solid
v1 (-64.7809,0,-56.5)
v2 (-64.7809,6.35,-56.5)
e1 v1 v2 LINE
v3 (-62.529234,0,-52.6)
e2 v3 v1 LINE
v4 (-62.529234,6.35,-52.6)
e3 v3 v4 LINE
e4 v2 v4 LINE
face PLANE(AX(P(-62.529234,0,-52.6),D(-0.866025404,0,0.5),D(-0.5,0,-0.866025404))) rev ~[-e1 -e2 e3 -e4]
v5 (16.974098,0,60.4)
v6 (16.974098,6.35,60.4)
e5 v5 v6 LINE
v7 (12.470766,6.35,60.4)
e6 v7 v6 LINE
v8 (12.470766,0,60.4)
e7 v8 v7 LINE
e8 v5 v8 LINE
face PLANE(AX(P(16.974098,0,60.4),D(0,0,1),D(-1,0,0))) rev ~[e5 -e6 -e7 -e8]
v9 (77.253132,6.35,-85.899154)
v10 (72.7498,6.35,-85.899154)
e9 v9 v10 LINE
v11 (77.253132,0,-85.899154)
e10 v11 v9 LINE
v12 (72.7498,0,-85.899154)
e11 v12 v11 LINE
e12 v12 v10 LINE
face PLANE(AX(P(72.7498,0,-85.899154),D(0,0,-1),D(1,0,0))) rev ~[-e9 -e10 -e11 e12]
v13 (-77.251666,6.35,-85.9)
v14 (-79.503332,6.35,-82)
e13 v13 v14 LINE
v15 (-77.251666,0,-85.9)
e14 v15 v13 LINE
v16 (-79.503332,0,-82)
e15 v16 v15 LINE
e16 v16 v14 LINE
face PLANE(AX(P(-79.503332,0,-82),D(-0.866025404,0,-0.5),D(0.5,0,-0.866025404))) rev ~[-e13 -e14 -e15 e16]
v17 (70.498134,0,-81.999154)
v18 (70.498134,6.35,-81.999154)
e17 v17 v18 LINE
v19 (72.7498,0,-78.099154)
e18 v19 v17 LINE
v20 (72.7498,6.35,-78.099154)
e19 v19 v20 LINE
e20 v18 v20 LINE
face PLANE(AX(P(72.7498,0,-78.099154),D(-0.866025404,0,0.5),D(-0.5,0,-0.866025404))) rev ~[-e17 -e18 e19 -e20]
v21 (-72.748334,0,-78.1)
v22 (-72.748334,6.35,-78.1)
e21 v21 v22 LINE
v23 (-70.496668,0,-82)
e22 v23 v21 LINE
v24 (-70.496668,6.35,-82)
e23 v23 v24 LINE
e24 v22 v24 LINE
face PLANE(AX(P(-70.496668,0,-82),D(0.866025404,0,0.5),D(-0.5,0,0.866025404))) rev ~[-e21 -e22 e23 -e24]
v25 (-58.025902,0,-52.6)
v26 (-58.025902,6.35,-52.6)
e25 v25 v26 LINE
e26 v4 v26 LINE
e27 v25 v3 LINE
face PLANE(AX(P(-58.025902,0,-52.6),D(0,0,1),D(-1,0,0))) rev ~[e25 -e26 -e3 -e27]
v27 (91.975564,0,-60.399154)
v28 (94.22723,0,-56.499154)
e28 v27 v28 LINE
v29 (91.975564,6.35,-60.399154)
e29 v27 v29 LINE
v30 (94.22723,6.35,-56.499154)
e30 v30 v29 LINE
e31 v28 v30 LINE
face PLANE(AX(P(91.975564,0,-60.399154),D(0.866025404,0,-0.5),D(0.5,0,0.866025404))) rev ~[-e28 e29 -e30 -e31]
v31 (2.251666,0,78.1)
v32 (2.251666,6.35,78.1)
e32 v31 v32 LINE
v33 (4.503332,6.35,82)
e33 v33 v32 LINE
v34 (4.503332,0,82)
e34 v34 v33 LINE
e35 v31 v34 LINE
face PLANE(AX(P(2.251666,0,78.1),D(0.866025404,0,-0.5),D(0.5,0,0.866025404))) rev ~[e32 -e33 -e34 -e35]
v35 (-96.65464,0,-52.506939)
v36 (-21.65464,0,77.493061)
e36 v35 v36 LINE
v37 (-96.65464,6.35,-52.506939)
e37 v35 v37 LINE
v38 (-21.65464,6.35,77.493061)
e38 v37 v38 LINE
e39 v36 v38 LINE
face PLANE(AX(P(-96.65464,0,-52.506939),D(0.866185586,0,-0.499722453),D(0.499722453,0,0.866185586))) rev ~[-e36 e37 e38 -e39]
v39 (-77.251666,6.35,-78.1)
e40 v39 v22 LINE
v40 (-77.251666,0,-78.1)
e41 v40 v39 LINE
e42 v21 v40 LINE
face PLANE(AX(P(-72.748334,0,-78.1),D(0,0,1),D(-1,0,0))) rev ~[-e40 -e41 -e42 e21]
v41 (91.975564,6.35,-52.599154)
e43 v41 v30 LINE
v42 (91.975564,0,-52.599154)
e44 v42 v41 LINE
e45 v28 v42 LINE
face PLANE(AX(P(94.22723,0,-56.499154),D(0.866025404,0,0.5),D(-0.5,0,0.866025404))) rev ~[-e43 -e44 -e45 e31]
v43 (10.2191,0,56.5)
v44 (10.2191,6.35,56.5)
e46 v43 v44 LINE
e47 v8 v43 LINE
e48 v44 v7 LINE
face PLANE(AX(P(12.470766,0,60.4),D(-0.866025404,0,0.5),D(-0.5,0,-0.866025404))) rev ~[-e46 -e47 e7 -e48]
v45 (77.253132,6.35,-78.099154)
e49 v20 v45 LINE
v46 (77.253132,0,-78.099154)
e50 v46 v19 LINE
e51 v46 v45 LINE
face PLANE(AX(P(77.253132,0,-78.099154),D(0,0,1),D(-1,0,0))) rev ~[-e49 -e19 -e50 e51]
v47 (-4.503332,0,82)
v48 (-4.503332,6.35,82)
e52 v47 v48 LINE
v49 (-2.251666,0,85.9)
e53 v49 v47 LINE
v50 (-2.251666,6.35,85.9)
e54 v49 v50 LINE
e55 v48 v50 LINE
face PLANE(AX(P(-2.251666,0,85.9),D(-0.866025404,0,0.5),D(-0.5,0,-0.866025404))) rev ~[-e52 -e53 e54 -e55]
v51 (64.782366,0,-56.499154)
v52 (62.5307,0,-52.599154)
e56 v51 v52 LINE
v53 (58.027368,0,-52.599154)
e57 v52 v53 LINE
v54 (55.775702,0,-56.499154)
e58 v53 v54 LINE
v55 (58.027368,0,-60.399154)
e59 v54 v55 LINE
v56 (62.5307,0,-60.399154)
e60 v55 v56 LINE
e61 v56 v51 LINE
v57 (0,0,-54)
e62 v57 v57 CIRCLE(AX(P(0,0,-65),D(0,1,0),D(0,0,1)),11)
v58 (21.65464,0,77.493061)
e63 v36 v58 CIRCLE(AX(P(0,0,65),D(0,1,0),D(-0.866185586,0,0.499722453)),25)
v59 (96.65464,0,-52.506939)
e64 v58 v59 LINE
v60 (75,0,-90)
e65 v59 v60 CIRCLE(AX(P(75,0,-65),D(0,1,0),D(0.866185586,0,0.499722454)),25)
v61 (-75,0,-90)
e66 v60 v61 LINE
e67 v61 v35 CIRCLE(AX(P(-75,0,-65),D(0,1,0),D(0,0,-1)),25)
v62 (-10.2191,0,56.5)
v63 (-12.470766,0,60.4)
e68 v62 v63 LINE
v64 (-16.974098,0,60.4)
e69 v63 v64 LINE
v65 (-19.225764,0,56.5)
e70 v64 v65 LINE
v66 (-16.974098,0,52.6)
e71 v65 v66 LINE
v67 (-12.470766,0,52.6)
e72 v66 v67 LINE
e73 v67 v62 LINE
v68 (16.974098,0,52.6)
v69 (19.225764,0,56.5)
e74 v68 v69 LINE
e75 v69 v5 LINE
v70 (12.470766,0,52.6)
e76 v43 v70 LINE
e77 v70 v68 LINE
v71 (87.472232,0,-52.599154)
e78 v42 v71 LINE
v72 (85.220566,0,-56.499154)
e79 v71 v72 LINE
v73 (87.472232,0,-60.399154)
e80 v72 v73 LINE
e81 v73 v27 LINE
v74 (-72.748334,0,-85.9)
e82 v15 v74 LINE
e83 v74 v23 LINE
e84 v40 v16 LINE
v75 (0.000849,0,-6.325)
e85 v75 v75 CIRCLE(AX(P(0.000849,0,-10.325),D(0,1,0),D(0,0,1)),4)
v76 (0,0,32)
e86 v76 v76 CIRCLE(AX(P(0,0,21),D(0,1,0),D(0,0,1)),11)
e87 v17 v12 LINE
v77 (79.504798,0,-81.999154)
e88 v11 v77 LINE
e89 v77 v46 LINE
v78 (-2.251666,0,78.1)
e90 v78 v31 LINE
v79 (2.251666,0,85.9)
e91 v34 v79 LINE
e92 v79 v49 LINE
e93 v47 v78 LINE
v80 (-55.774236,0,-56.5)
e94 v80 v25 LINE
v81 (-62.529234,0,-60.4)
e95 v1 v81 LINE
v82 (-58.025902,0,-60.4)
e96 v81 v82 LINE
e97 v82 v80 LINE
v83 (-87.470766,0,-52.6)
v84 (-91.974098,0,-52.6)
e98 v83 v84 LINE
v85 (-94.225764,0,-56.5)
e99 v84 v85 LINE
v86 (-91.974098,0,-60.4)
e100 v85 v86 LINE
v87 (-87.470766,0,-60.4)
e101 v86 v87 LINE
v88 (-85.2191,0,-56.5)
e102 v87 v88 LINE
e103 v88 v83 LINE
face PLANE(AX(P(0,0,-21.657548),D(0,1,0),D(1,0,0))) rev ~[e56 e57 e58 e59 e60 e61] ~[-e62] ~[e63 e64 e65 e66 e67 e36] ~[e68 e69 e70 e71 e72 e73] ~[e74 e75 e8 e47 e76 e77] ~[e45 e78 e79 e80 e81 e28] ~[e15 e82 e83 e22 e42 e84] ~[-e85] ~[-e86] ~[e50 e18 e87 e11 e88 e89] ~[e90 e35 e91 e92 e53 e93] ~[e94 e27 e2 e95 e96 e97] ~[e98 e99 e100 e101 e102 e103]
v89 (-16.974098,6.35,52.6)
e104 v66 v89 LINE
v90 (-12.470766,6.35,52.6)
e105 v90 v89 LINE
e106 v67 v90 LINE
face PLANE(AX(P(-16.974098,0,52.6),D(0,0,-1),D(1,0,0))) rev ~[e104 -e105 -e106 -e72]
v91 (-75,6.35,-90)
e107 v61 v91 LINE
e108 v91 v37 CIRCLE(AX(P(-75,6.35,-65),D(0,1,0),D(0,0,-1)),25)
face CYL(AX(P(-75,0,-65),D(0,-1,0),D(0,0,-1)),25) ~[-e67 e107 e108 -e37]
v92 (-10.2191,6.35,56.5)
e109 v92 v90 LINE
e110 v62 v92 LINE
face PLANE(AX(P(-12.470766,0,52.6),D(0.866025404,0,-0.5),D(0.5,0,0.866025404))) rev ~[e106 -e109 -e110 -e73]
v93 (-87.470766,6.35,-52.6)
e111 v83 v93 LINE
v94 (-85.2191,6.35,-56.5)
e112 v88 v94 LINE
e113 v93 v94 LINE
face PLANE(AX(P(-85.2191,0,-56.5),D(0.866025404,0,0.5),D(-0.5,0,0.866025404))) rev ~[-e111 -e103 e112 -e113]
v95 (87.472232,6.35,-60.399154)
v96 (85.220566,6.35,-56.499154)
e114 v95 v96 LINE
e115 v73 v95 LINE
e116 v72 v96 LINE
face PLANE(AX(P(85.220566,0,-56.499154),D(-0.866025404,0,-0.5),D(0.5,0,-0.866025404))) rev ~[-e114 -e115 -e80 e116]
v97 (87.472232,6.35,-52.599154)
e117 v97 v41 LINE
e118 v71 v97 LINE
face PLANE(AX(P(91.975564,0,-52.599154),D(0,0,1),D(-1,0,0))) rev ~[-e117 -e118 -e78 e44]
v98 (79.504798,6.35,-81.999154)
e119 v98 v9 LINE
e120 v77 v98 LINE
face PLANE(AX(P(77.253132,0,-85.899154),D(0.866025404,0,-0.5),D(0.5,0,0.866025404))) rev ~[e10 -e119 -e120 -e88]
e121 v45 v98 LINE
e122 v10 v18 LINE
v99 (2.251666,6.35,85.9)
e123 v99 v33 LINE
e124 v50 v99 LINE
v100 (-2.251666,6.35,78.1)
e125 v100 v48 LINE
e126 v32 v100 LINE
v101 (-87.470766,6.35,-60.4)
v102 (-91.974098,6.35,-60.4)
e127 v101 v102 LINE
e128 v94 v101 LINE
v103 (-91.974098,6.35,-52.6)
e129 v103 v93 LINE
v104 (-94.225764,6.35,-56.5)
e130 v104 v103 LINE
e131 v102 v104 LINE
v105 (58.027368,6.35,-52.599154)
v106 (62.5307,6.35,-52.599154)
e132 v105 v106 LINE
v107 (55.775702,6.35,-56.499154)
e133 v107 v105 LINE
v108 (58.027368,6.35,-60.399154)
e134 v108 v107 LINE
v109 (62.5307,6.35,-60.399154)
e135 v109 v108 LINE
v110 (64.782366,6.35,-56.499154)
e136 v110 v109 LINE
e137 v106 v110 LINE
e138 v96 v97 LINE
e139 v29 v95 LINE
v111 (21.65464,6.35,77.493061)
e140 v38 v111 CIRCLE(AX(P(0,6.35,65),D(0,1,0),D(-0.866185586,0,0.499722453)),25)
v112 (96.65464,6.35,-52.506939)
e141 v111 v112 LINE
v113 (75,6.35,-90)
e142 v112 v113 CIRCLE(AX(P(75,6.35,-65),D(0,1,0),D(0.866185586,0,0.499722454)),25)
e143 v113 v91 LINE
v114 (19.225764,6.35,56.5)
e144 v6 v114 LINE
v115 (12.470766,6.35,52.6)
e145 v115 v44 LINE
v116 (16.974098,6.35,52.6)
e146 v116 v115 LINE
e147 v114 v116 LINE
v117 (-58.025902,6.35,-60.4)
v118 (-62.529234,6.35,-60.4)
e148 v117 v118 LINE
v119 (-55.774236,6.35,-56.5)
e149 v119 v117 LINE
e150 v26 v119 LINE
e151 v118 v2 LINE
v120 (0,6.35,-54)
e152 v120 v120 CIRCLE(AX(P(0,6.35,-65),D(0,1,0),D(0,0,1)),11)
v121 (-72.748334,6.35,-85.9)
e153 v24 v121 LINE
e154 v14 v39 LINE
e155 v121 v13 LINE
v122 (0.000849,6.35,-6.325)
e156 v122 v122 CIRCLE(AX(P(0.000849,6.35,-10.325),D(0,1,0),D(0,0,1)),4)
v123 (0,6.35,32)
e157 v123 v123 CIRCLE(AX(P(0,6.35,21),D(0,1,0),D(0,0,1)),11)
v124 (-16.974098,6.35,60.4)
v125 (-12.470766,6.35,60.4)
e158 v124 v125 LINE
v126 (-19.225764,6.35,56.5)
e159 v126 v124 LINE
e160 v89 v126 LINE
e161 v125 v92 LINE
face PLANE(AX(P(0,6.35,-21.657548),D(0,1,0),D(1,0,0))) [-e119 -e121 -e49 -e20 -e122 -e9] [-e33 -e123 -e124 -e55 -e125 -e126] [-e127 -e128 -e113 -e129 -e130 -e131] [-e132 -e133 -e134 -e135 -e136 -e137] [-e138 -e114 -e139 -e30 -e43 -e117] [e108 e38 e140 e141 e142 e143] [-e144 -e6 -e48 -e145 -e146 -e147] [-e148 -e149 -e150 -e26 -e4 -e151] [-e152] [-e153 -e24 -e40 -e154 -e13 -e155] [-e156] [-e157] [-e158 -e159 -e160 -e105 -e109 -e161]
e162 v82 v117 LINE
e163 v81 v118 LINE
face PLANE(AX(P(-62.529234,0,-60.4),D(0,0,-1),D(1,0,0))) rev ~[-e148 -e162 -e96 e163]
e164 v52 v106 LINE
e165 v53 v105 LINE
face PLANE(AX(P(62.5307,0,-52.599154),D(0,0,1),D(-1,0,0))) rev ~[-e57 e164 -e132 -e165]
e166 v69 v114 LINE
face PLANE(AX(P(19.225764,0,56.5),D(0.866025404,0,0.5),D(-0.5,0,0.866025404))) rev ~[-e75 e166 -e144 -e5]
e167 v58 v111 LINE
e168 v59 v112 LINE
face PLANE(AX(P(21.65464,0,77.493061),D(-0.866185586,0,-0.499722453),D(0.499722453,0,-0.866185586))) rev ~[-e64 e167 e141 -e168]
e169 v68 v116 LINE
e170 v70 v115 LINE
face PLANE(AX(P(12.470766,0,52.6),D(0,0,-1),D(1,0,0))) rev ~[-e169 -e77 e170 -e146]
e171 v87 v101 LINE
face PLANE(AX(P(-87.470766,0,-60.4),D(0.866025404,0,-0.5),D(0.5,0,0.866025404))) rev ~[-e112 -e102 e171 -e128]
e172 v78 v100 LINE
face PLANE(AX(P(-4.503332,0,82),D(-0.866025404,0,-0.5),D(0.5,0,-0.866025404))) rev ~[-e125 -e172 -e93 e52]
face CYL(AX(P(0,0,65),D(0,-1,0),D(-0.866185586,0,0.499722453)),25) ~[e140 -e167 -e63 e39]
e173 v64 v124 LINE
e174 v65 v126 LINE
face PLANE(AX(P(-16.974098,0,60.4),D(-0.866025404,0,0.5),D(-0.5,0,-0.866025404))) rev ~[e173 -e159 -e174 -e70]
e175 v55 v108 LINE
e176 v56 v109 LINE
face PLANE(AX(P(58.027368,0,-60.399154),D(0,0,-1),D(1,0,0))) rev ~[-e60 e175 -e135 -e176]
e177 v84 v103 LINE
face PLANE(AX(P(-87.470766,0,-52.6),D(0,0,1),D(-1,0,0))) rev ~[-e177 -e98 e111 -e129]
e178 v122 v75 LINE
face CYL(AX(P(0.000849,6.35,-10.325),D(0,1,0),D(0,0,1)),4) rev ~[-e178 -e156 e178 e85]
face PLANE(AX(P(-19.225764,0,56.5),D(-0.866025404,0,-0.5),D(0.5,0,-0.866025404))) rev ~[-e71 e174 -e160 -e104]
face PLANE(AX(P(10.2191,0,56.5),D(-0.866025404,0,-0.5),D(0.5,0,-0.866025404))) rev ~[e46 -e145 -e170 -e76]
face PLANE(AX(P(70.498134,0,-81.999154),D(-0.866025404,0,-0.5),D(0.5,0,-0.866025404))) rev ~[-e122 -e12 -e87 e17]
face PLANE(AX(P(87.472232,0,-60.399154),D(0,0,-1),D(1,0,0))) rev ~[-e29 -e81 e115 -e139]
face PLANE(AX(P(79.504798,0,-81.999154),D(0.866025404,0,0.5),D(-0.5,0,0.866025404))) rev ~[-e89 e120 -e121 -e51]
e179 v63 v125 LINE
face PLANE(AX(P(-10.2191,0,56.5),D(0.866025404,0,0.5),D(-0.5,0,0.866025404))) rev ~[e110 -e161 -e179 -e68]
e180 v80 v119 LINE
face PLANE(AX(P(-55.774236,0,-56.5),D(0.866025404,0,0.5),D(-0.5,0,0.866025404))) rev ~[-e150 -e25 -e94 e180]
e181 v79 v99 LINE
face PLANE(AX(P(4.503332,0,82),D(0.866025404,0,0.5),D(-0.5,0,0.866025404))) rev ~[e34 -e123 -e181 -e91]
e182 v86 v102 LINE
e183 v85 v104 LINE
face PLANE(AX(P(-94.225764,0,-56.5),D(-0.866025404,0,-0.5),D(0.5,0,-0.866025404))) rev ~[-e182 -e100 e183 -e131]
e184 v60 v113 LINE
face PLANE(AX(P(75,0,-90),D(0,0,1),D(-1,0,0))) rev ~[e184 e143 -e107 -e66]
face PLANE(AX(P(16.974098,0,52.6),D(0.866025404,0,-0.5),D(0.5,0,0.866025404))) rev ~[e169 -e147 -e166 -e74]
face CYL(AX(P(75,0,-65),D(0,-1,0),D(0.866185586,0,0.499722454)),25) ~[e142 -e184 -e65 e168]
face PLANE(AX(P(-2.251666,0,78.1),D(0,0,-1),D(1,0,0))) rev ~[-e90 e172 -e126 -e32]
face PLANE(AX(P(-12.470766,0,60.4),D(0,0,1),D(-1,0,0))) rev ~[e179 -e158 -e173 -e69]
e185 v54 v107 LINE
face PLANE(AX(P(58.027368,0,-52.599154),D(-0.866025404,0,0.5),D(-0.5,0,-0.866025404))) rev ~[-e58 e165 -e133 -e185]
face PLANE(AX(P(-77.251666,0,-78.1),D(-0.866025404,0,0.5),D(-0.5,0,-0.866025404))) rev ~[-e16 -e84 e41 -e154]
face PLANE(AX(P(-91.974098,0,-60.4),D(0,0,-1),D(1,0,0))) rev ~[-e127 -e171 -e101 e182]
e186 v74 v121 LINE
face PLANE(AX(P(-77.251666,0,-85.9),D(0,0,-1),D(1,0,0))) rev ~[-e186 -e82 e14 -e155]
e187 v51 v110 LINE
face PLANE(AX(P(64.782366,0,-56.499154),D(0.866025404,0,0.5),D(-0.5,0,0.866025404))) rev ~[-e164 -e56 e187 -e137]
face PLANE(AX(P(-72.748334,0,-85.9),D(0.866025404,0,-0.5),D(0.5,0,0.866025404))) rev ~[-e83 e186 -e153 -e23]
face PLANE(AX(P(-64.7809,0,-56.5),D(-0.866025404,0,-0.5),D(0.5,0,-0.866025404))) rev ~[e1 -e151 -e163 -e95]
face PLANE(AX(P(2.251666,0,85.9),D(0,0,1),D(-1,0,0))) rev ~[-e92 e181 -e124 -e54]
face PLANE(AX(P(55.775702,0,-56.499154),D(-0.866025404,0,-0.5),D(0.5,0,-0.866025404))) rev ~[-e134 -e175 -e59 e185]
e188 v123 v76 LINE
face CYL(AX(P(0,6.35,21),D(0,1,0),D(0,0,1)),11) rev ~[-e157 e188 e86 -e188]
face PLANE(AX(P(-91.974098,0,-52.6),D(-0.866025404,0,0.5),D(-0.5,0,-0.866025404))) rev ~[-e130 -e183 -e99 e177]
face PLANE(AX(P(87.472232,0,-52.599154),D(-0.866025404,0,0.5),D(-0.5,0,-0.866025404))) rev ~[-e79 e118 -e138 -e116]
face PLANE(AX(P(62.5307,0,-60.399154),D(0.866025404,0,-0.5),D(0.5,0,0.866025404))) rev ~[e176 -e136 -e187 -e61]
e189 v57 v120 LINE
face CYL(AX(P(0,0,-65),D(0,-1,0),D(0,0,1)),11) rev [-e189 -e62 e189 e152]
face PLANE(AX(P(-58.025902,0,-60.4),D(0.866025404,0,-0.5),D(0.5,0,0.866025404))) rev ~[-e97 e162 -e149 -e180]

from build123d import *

# Parameters (mm, degrees)
ESQUISSE1_R             = 11
BOSS_EXTRU_1_DEPTH      = 6.35
ENL_V_MAT_EXTRU_1_DEPTH = 135.686014493
ESQUISSE4_R             = 4
ENL_V_MAT_EXTRU_2_DEPTH = 135.686014493
ESQUISSE5_R             = 11
ENL_V_MAT_EXTRU_3_DEPTH = 135.686014493


with BuildPart() as part:
    # Esquisse1 → Boss.-Extru.1 (new body)
    with BuildSketch(Plane(origin=(0, 0, 0), x_dir=(1, 0, 0), z_dir=(0, 1, 0))):
        with BuildLine():
            Line((-96.654639651, 52.506938663), (-21.654639651, -77.493061337))
            ThreePointArc((-21.654639651, -77.493061337), (0, -90), (21.654639651, -77.493061337))
            Line((21.654639651, -77.493061337), (96.654639651, 52.506938663))
            ThreePointArc((96.654639651, 52.506938663), (96.648631983, 77.50346885), (75, 90))
            Line((75, 90), (-75, 90))
            ThreePointArc((-75, 90), (-96.648631983, 77.50346885), (-96.654639651, 52.506938663))
        make_face()
        with Locations(Location((0, 65, 0), (0, 0, 270))):
            Circle(ESQUISSE1_R, mode=Mode.SUBTRACT)
    extrude(amount=BOSS_EXTRU_1_DEPTH)

    # Esquisse3 → Enlèv. mat.-Extru.1 (cut, through all)
    with BuildSketch(Plane.XZ):
        Polygon((-79.5033321, -82), (-77.25166605, -85.9), (-72.74833395, -85.9), (-70.4966679, -82), (-72.74833395, -78.1), (-77.25166605, -78.1), align=None)
        Polygon((-94.225763964, -56.5), (-91.974097914, -60.4), (-87.470765814, -60.4), (-85.219099765, -56.5), (-87.470765814, -52.6), (-91.974097914, -52.6), align=None)
        Polygon((-64.780900235, -56.5), (-62.529234186, -60.4), (-58.025902086, -60.4), (-55.774236036, -56.5), (-58.025902086, -52.6), (-62.529234186, -52.6), align=None)
        Polygon((55.775701891, -56.499154304), (58.02736794, -60.399154304), (62.53070004, -60.399154304), (64.78236609, -56.499154304), (62.53070004, -52.599154304), (58.02736794, -52.599154304), align=None)
        Polygon((70.498133755, -81.999154304), (72.749799805, -85.899154304), (77.253131904, -85.899154304), (79.504797954, -81.999154304), (77.253131904, -78.099154304), (72.749799805, -78.099154304), align=None)
        Polygon((85.220565619, -56.499154304), (87.472231669, -60.399154304), (91.975563769, -60.399154304), (94.227229819, -56.499154304), (91.975563769, -52.599154304), (87.472231669, -52.599154304), align=None)
        Polygon((-4.5033321, 82), (-2.25166605, 78.1), (2.25166605, 78.1), (4.5033321, 82), (2.25166605, 85.9), (-2.25166605, 85.9), align=None)
        Polygon((10.219099765, 56.5), (12.470765814, 52.6), (16.974097914, 52.6), (19.225763964, 56.5), (16.974097914, 60.4), (12.470765814, 60.4), align=None)
        Polygon((-19.225763964, 56.5), (-16.974097914, 52.6), (-12.470765814, 52.6), (-10.219099765, 56.5), (-12.470765814, 60.4), (-16.974097914, 60.4), align=None)
    extrude(amount=-ENL_V_MAT_EXTRU_1_DEPTH, mode=Mode.SUBTRACT)

    # Esquisse4 → Enlèv. mat.-Extru.2 (cut, through all)
    with BuildSketch(Plane(origin=(0, 6.35, 0), x_dir=(1, 0, 0), z_dir=(0, 1, 0))):
        with Locations(Location((0.000849353, 10.324999995, 0), (0, 0, 270))):
            Circle(ESQUISSE4_R)
    extrude(amount=-ENL_V_MAT_EXTRU_2_DEPTH, mode=Mode.SUBTRACT)

    # Esquisse5 → Enlèv. mat.-Extru.3 (cut, through all)
    with BuildSketch(Plane(origin=(0, 6.35, 0), x_dir=(1, 0, 0), z_dir=(0, 1, 0))):
        with Locations(Location((0, -21, 0), (0, 0, 270))):
            Circle(ESQUISSE5_R)
    extrude(amount=-ENL_V_MAT_EXTRU_3_DEPTH, mode=Mode.SUBTRACT)


solid = part.part
